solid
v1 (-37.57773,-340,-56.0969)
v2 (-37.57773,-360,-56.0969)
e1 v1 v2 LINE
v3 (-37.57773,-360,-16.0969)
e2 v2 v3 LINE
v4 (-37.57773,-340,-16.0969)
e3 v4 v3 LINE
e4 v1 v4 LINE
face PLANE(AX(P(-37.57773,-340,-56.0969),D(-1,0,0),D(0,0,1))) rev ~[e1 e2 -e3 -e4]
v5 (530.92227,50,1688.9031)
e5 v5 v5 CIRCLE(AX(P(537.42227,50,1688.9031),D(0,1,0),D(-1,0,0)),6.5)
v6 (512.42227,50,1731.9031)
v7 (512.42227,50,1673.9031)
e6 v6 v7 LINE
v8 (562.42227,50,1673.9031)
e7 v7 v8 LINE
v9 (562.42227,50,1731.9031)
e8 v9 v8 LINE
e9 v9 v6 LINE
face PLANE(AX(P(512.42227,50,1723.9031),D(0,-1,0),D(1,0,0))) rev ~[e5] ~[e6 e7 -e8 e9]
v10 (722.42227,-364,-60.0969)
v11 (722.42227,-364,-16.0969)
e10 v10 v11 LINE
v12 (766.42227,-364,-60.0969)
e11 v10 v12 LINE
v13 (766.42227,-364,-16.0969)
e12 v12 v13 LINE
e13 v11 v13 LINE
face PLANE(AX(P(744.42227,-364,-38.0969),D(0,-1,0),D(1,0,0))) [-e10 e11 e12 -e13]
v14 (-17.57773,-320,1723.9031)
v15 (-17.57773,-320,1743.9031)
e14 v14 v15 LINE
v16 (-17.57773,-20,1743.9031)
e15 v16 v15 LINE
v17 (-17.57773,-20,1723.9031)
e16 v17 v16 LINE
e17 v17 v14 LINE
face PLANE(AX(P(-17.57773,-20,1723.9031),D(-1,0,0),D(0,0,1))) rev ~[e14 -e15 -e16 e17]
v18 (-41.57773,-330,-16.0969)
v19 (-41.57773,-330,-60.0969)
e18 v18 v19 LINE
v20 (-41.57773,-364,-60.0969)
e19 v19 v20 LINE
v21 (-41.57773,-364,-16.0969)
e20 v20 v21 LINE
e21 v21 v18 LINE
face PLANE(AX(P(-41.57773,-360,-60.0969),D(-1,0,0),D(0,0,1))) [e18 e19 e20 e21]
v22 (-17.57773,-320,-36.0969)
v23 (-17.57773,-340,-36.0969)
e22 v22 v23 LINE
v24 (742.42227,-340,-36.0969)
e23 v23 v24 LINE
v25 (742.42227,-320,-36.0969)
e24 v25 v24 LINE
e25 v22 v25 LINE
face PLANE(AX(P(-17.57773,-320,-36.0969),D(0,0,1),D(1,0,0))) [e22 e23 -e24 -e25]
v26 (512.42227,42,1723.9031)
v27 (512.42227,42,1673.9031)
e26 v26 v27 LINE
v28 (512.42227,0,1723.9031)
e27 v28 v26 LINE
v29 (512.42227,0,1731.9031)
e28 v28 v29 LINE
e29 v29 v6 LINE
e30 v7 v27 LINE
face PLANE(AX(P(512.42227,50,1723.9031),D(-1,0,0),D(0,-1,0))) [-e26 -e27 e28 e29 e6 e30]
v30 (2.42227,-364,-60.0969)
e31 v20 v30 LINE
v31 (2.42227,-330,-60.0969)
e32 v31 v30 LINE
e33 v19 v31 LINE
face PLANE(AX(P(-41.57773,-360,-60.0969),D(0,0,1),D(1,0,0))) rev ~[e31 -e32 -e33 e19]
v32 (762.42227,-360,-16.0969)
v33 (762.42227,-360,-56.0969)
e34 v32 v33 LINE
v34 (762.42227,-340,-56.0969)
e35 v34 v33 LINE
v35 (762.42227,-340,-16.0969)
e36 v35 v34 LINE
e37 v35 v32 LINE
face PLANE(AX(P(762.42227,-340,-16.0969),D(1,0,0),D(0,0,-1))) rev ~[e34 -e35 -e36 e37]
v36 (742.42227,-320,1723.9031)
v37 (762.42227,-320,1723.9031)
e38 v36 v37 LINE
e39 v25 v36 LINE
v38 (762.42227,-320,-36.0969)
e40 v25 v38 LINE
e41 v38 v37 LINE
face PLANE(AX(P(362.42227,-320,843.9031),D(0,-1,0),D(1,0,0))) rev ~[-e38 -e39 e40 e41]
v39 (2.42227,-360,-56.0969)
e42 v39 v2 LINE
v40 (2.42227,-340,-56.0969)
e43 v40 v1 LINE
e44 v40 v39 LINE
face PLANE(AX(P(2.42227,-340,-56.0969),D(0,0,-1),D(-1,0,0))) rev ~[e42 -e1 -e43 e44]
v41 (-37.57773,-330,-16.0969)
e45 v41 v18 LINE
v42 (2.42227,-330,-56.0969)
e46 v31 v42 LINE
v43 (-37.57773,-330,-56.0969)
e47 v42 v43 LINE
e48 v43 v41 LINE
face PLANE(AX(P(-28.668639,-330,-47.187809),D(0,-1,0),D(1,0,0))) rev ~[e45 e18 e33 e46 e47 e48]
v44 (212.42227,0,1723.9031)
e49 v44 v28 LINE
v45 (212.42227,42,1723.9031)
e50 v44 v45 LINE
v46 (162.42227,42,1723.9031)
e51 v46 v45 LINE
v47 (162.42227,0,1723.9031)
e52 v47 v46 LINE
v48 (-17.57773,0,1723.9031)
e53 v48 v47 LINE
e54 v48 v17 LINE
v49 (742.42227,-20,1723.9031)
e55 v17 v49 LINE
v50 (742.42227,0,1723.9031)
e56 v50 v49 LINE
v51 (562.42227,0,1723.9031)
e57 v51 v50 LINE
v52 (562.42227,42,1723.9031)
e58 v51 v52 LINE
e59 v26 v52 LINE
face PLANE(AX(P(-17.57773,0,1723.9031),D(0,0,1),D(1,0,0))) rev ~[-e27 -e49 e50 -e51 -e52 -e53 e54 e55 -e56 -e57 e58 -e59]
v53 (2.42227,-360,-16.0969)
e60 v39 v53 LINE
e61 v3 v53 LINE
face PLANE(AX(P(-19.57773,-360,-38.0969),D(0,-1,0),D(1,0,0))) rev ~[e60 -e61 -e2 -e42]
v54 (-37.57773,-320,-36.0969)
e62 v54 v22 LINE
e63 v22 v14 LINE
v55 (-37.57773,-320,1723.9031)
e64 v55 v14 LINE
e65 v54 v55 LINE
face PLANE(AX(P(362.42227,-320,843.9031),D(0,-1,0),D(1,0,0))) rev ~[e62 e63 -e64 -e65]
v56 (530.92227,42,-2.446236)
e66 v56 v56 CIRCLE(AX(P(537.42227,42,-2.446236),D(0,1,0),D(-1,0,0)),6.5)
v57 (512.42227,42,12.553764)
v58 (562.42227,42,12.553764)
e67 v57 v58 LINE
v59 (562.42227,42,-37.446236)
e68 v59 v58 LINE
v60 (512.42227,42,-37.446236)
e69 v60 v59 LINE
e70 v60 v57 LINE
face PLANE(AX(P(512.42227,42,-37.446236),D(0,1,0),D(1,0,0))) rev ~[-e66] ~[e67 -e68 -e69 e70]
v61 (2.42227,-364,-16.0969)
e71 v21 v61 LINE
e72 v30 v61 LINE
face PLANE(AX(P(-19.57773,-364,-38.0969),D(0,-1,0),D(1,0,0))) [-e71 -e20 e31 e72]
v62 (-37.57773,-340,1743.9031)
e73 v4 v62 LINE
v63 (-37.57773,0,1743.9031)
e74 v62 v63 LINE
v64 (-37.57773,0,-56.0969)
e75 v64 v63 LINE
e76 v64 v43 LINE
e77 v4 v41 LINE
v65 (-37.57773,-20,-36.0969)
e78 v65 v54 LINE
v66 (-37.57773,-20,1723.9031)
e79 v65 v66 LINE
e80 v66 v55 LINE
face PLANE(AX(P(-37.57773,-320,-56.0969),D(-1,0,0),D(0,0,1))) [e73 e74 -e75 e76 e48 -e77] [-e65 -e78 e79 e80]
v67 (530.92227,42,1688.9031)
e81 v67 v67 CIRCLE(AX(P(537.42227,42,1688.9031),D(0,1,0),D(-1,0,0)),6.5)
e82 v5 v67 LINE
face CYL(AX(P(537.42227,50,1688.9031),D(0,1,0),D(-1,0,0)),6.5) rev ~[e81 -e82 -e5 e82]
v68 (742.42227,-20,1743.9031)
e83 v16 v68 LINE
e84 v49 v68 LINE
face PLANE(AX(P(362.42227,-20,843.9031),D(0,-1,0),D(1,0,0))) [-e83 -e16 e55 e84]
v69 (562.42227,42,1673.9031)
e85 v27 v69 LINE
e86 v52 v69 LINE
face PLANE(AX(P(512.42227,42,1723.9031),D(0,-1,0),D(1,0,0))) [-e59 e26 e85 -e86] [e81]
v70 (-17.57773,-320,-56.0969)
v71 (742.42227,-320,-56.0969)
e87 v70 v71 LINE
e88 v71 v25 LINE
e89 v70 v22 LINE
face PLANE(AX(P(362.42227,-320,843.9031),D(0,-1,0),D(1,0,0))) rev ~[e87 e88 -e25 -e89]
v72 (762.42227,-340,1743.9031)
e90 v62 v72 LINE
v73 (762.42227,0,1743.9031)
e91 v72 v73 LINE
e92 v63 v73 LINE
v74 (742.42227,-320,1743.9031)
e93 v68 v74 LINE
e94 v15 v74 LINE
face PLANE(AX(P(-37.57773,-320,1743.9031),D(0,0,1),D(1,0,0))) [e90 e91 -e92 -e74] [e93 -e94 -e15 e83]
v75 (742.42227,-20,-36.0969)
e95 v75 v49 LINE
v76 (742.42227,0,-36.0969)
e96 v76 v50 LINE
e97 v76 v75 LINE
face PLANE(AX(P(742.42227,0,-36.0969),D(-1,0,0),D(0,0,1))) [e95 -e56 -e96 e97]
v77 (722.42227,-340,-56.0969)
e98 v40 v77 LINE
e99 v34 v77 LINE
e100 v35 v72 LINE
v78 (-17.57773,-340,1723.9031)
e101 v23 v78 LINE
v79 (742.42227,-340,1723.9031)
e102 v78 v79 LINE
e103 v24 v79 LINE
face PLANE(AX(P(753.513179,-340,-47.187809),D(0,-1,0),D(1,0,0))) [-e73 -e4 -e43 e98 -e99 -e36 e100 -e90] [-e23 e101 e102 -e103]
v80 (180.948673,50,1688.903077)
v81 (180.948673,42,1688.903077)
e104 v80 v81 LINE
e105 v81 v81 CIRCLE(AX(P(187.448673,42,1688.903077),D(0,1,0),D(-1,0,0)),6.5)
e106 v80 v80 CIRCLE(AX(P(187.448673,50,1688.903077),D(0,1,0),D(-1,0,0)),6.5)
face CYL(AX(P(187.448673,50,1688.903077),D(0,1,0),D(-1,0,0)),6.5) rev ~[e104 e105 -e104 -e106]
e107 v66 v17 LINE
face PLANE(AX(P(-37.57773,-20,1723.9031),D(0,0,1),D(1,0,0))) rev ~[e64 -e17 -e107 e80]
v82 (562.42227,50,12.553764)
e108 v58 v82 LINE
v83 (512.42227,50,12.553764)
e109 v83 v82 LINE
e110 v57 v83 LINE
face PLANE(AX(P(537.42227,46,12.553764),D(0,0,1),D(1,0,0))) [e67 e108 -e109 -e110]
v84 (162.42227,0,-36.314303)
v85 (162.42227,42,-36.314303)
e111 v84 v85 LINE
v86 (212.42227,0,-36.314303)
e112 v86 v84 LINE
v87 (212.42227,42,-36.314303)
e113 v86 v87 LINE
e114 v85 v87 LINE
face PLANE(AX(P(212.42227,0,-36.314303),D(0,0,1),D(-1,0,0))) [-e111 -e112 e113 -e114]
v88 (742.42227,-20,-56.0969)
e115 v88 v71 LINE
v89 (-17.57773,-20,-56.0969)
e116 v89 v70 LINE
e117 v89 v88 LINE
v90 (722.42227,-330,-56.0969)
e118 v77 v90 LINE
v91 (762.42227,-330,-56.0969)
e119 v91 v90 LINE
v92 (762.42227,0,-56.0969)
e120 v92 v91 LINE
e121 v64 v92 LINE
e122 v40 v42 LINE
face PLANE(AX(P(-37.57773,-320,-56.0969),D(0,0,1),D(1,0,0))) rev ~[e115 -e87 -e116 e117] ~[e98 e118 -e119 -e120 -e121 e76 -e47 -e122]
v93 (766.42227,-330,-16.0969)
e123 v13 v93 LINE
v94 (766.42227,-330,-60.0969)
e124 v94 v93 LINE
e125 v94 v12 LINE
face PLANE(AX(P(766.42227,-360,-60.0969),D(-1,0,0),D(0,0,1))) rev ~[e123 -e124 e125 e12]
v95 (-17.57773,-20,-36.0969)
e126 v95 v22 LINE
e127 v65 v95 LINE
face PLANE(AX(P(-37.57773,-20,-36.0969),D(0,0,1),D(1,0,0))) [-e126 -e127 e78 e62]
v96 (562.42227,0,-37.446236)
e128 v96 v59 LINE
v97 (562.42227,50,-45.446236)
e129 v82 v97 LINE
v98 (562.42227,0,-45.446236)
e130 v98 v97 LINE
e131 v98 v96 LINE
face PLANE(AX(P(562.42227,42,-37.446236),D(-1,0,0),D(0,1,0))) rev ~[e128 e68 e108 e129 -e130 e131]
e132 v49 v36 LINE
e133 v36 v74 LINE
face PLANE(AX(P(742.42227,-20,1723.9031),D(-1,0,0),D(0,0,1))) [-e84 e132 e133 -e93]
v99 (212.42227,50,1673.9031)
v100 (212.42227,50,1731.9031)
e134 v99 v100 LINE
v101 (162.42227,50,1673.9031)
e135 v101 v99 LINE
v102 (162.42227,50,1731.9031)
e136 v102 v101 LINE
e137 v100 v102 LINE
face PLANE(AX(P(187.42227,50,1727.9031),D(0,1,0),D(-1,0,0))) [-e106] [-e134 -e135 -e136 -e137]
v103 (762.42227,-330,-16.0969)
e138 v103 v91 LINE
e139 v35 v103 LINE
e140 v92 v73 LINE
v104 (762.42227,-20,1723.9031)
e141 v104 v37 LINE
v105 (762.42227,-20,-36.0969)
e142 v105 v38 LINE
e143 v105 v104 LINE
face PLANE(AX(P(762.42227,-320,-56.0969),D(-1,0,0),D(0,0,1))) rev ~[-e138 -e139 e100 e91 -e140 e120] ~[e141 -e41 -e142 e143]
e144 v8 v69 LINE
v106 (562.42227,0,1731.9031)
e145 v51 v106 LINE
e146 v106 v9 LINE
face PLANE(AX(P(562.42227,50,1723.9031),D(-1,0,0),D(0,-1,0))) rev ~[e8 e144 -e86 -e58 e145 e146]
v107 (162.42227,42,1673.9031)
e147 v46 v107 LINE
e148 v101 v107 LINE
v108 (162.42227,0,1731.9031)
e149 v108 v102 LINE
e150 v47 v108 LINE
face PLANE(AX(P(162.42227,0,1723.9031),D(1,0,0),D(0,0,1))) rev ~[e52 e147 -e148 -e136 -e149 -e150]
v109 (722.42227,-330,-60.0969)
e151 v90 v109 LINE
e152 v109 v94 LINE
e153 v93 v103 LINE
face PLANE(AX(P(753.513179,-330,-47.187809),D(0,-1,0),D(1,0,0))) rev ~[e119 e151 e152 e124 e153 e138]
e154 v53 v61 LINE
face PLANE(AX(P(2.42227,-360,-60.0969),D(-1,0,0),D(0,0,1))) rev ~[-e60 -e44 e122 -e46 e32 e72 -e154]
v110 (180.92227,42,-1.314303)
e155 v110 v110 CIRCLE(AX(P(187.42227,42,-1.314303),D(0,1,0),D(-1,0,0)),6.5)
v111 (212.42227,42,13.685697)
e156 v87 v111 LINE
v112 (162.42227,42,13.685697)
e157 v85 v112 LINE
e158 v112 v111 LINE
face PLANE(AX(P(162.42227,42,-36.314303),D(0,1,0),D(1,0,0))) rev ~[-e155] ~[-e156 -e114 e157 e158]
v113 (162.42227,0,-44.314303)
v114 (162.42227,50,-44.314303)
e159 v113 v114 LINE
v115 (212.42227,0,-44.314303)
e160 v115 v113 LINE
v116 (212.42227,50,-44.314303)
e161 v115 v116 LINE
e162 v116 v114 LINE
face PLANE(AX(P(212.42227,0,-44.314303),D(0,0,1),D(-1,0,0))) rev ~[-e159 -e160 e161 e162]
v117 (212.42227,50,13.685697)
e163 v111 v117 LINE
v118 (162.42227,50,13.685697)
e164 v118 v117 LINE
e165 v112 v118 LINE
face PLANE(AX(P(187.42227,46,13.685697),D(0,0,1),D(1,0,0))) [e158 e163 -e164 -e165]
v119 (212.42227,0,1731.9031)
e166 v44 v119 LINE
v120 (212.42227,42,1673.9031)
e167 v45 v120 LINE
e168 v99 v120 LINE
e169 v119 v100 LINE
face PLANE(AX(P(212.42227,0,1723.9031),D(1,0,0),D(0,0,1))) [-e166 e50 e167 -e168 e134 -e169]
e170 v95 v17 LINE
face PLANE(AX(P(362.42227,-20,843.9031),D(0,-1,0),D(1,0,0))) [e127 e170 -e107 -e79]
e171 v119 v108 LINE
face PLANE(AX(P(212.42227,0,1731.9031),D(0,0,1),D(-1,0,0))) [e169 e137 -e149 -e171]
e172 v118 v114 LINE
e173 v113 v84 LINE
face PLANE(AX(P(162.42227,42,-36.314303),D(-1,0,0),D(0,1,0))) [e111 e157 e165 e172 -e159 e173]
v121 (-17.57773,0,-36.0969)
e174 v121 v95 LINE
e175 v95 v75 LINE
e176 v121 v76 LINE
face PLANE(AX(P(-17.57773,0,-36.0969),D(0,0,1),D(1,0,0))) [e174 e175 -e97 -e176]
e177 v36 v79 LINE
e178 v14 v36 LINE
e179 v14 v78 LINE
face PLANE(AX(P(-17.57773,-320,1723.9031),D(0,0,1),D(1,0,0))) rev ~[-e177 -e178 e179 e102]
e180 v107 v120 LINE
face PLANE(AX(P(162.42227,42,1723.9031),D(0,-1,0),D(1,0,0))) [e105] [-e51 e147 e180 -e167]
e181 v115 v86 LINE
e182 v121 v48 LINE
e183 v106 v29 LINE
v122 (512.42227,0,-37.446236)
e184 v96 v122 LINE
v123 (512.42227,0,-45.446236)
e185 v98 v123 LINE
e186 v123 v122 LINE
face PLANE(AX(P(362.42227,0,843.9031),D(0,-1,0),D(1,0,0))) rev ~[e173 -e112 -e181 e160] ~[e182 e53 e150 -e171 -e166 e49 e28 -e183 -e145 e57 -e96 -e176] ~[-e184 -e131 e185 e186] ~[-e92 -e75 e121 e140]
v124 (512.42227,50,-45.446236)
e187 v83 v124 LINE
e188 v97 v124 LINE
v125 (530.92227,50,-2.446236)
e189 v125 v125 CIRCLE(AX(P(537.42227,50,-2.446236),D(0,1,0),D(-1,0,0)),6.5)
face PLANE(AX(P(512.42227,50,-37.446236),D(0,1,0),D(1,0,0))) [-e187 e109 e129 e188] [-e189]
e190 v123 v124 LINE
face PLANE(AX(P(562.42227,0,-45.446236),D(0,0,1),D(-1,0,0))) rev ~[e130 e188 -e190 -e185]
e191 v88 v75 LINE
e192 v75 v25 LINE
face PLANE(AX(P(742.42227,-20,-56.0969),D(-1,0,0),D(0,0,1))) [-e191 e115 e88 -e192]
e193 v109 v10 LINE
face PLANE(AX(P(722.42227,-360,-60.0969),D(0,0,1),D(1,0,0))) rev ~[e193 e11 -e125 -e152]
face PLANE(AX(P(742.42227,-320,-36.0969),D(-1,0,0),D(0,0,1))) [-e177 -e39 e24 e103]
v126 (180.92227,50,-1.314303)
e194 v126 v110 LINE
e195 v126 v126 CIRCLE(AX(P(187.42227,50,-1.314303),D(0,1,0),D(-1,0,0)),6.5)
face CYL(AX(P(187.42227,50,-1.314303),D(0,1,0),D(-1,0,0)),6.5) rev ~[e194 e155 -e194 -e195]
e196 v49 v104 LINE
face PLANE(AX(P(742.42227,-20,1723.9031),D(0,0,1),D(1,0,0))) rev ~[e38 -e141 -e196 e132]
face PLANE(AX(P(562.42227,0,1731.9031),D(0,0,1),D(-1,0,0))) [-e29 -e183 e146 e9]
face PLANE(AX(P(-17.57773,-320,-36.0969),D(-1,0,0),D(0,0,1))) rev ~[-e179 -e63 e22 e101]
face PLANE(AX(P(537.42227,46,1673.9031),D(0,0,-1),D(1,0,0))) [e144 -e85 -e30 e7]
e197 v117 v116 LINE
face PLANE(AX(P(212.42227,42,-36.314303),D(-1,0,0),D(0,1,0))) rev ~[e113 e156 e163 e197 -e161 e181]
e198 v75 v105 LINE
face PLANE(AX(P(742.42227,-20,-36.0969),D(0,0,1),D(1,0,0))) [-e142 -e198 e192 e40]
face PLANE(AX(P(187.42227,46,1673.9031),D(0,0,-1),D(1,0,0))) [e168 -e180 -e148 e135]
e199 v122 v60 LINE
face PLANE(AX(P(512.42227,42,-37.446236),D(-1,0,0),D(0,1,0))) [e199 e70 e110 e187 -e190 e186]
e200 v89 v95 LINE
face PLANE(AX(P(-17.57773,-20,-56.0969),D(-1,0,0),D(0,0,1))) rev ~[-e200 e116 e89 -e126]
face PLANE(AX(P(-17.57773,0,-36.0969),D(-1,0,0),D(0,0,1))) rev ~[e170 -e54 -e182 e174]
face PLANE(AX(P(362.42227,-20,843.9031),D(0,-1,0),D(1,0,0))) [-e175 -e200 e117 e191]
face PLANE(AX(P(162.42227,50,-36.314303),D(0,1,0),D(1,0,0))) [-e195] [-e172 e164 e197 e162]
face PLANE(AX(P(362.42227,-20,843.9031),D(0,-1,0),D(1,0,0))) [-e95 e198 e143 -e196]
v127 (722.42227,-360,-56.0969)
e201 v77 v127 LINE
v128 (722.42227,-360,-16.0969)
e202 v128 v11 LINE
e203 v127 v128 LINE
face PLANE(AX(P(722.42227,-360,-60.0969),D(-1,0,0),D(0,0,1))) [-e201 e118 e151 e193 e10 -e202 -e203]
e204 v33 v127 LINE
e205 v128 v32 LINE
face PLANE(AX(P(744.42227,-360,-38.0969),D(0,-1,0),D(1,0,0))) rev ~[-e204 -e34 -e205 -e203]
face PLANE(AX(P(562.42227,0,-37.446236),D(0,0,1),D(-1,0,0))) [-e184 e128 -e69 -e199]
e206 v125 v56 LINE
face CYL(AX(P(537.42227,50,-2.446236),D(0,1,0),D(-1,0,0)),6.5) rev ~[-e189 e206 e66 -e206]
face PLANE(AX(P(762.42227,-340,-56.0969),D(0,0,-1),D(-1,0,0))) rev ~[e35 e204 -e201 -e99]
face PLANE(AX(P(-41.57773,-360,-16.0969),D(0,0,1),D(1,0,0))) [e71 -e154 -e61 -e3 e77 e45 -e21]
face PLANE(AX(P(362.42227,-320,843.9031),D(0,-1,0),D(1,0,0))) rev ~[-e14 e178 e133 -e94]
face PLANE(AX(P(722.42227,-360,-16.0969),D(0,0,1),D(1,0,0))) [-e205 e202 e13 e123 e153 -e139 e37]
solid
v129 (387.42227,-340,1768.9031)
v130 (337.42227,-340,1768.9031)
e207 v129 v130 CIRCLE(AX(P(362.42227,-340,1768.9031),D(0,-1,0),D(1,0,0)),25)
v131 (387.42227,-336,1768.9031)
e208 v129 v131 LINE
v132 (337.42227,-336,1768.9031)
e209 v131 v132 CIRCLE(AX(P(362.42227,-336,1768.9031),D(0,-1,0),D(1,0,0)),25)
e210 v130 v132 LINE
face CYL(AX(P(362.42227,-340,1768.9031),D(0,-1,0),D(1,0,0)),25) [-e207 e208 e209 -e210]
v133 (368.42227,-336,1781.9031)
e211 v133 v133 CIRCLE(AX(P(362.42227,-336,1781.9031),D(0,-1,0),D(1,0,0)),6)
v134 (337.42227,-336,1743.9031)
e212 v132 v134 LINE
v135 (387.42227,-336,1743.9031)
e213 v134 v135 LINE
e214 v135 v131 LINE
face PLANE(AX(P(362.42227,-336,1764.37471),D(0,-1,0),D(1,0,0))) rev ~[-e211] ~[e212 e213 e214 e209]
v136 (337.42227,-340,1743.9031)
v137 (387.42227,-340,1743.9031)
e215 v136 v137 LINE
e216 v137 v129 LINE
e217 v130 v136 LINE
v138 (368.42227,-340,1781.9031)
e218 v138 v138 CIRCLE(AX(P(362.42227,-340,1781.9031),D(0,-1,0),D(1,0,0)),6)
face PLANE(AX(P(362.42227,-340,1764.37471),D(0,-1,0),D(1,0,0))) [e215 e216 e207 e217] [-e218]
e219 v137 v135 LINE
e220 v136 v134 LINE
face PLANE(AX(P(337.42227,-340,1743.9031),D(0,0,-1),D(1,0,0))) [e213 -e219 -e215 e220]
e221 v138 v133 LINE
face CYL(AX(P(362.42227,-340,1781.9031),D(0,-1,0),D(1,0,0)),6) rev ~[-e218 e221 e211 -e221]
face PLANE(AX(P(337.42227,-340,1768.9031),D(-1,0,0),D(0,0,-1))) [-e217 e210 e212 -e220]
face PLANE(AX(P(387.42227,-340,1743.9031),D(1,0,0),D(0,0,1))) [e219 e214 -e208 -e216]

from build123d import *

# Parameters (mm, degrees)
F0_W      = 800
F0_H      = 1800
F0_W_2    = 760
F0_H_2    = 1760
F1_DEPTH  = 20
F2_W      = 20
F2_H      = 20
F3_DEPTH  = 300
F4_W      = 800
F4_H      = 1800
F4_W_2    = 760
F4_H_2    = 1760
F5_DEPTH  = 20
F6_W      = 50
F6_H      = 8
F7_DEPTH  = 50
F8_W      = 50
F8_H      = 8
F9_DEPTH  = 50
F10_W     = 50
F10_H     = 8
F11_DEPTH = 50
F12_W     = 50
F12_H     = 8
F13_DEPTH = 50
F14_R     = 6.5
F15_DEPTH = 25
F16_R     = 6.5
F17_DEPTH = 25
F18_R     = 6.5
F19_DEPTH = 25
F20_R     = 6.5
F21_DEPTH = 25
F22_R     = 6
F23_DEPTH = 4
F25_DEPTH = 10
F26_DEPTH = 20
F27_W     = 44
F27_H     = 44
F28_DEPTH = 4
F30_DEPTH = 10
F31_DEPTH = 20
F32_W     = 44
F32_H     = 44
F33_DEPTH = 4


with BuildPart() as f1:
    # F0 (on Front) → F1 (new body)
    with BuildSketch(Plane.XZ):
        with Locations((362.4222703278, 843.9030997455)):
            Rectangle(F0_W, F0_H)
        with Locations((362.4222703278, 843.9030997455)):
            Rectangle(F0_W_2, F0_H_2, mode=Mode.SUBTRACT)
    extrude(amount=F1_DEPTH)

    # F2 (on face) → F3 (join)
    with BuildSketch(Plane.XZ.offset(20)):
        with Locations((752.4222703278, 1733.9030997455)):
            Rectangle(F2_W, F2_H)
        with Locations((752.4222703278, -46.0969002545)):
            Rectangle(F2_W, F2_H)
        with Locations((-27.5777296722, -46.0969002545)):
            Rectangle(F2_W, F2_H)
        with Locations((-27.5777296722, 1733.9030997455)):
            Rectangle(F2_W, F2_H)
    extrude(amount=F3_DEPTH)

    # F4 (on face) → F5 (join)
    with BuildSketch(Plane.XZ.offset(320)):
        with Locations((362.4222703278, 843.9030997455)):
            Rectangle(F4_W, F4_H)
        with Locations((362.4222703278, 843.9030997455)):
            Rectangle(F4_W_2, F4_H_2, mode=Mode.SUBTRACT)
    extrude(amount=F5_DEPTH)

    # F6 (on face) → F7 (join)
    with BuildSketch(Plane(origin=(0, 0, 0), x_dir=(-1, 0, 0), z_dir=(0, 1, 0))):
        with Locations((-537.4222703278, 1727.9030997455)):
            Rectangle(F6_W, F6_H)
        with Locations((-187.4222703278, 1727.9030997455)):
            Rectangle(F6_W, F6_H)
        with Locations((-537.4222703278, -41.4462356865)):
            Rectangle(F6_W, F6_H)
        with Locations((-187.4222703278, -40.3143025041)):
            Rectangle(F6_W, F6_H)
    extrude(amount=F7_DEPTH)

    # F8 (on face) → F9 (join)
    with BuildSketch(Plane(origin=(0, 0, 1723.9030997455), x_dir=(1, 0, 0), z_dir=(0, 0, -1))):
        with Locations((537.4222703278, -46)):
            Rectangle(F8_W, F8_H)
        with Locations((187.4222703278, -46)):
            Rectangle(F8_W, F8_H)
    extrude(amount=F9_DEPTH)

    # F10 (on face) → F11 (join)
    with BuildSketch(Plane.XY.offset(-36.3143025041)):
        with Locations((187.4222703278, 46)):
            Rectangle(F10_W, F10_H)
    extrude(amount=F11_DEPTH)

    # F12 (on face) → F13 (join)
    with BuildSketch(Plane.XY.offset(-37.4462356865)):
        with Locations((537.4222703278, 46)):
            Rectangle(F12_W, F12_H)
    extrude(amount=F13_DEPTH)

    # F14 (on face) → F15 (cut)
    with BuildSketch(Plane(origin=(0, 50, 0), x_dir=(-1, 0, 0), z_dir=(0, 1, 0))):
        with Locations((-187.4222703278, -1.3143025041)):
            Circle(F14_R)
    extrude(amount=-F15_DEPTH, mode=Mode.SUBTRACT)

    # F16 (on face) → F17 (cut)
    with BuildSketch(Plane(origin=(0, 50, 0), x_dir=(-1, 0, 0), z_dir=(0, 1, 0))):
        with Locations((-537.4222703278, -2.4462356865)):
            Circle(F16_R)
    extrude(amount=-F17_DEPTH, mode=Mode.SUBTRACT)

    # F18 (on face) → F19 (cut)
    with BuildSketch(Plane(origin=(0, 50, 0), x_dir=(-1, 0, 0), z_dir=(0, 1, 0))):
        with Locations((-187.4486728463, 1688.9030765091)):
            Circle(F18_R)
    extrude(amount=-F19_DEPTH, mode=Mode.SUBTRACT)

    # F20 (on face) → F21 (cut)
    with BuildSketch(Plane(origin=(0, 50, 0), x_dir=(-1, 0, 0), z_dir=(0, 1, 0))):
        with Locations((-537.4222703278, 1688.9030997455)):
            Circle(F20_R)
    extrude(amount=-F21_DEPTH, mode=Mode.SUBTRACT)

    # F24 (on face) → F25 (join)
    with BuildSketch(Plane.XZ.offset(340)):
        Polygon((2.4222703278, -56.0969002545), (-37.5777296722, -56.0969002545), (-37.5777296722, -16.0969002545), (-41.5777296722, -16.0969002545), (-41.5777296722, -60.0969002545), (2.4222703278, -60.0969002545), align=None)
    extrude(amount=-F25_DEPTH)

    # F24 (on face) → F26 (join)
    with BuildSketch(Plane.XZ.offset(340)):
        Polygon((2.4222703278, -56.0969002545), (-37.5777296722, -56.0969002545), (-37.5777296722, -16.0969002545), (-41.5777296722, -16.0969002545), (-41.5777296722, -60.0969002545), (2.4222703278, -60.0969002545), align=None)
    extrude(amount=F26_DEPTH)

    # F27 (on face) → F28 (join)
    with BuildSketch(Plane.XZ.offset(360)):
        with Locations((-19.5777296722, -38.0969002545)):
            Rectangle(F27_W, F27_H)
    extrude(amount=F28_DEPTH)

    # F29 (on face) → F30 (join)
    with BuildSketch(Plane.XZ.offset(340)):
        Polygon((762.4222703278, -16.0969002545), (762.4222703278, -56.0969002545), (722.4222703278, -56.0969002545), (722.4222703278, -60.0969002545), (766.4222703278, -60.0969002545), (766.4222703278, -16.0969002545), align=None)
    extrude(amount=-F30_DEPTH)

    # F29 (on face) → F31 (join)
    with BuildSketch(Plane.XZ.offset(340)):
        Polygon((762.4222703278, -16.0969002545), (762.4222703278, -56.0969002545), (722.4222703278, -56.0969002545), (722.4222703278, -60.0969002545), (766.4222703278, -60.0969002545), (766.4222703278, -16.0969002545), align=None)
    extrude(amount=F31_DEPTH)

    # F32 (on face) → F33 (join)
    with BuildSketch(Plane.XZ.offset(360)):
        with Locations((744.4222703278, -38.0969002545)):
            Rectangle(F32_W, F32_H)
    extrude(amount=F33_DEPTH)


with BuildPart() as f23:
    # F22 (on face) → F23 (new body)
    with BuildSketch(Plane.XZ.offset(340)):
        with BuildLine():
            Line((337.4222703278, 1743.9030997455), (362.4222703278, 1743.9030997455))
            Line((362.4222703278, 1743.9030997455), (387.4222703278, 1743.9030997455))
            Line((387.4222703278, 1743.9030997455), (387.4222703278, 1768.9030997455))
            ThreePointArc((387.4222703278, 1768.9030997455), (362.4222703278, 1793.9030997455), (337.4222703278, 1768.9030997455))
            Line((337.4222703278, 1768.9030997455), (337.4222703278, 1743.9030997455))
        make_face()
        with Locations((362.4222703278, 1781.9030997455)):
            Circle(F22_R, mode=Mode.SUBTRACT)
    extrude(amount=-F23_DEPTH)


solid = Compound([f1.part, f23.part])
